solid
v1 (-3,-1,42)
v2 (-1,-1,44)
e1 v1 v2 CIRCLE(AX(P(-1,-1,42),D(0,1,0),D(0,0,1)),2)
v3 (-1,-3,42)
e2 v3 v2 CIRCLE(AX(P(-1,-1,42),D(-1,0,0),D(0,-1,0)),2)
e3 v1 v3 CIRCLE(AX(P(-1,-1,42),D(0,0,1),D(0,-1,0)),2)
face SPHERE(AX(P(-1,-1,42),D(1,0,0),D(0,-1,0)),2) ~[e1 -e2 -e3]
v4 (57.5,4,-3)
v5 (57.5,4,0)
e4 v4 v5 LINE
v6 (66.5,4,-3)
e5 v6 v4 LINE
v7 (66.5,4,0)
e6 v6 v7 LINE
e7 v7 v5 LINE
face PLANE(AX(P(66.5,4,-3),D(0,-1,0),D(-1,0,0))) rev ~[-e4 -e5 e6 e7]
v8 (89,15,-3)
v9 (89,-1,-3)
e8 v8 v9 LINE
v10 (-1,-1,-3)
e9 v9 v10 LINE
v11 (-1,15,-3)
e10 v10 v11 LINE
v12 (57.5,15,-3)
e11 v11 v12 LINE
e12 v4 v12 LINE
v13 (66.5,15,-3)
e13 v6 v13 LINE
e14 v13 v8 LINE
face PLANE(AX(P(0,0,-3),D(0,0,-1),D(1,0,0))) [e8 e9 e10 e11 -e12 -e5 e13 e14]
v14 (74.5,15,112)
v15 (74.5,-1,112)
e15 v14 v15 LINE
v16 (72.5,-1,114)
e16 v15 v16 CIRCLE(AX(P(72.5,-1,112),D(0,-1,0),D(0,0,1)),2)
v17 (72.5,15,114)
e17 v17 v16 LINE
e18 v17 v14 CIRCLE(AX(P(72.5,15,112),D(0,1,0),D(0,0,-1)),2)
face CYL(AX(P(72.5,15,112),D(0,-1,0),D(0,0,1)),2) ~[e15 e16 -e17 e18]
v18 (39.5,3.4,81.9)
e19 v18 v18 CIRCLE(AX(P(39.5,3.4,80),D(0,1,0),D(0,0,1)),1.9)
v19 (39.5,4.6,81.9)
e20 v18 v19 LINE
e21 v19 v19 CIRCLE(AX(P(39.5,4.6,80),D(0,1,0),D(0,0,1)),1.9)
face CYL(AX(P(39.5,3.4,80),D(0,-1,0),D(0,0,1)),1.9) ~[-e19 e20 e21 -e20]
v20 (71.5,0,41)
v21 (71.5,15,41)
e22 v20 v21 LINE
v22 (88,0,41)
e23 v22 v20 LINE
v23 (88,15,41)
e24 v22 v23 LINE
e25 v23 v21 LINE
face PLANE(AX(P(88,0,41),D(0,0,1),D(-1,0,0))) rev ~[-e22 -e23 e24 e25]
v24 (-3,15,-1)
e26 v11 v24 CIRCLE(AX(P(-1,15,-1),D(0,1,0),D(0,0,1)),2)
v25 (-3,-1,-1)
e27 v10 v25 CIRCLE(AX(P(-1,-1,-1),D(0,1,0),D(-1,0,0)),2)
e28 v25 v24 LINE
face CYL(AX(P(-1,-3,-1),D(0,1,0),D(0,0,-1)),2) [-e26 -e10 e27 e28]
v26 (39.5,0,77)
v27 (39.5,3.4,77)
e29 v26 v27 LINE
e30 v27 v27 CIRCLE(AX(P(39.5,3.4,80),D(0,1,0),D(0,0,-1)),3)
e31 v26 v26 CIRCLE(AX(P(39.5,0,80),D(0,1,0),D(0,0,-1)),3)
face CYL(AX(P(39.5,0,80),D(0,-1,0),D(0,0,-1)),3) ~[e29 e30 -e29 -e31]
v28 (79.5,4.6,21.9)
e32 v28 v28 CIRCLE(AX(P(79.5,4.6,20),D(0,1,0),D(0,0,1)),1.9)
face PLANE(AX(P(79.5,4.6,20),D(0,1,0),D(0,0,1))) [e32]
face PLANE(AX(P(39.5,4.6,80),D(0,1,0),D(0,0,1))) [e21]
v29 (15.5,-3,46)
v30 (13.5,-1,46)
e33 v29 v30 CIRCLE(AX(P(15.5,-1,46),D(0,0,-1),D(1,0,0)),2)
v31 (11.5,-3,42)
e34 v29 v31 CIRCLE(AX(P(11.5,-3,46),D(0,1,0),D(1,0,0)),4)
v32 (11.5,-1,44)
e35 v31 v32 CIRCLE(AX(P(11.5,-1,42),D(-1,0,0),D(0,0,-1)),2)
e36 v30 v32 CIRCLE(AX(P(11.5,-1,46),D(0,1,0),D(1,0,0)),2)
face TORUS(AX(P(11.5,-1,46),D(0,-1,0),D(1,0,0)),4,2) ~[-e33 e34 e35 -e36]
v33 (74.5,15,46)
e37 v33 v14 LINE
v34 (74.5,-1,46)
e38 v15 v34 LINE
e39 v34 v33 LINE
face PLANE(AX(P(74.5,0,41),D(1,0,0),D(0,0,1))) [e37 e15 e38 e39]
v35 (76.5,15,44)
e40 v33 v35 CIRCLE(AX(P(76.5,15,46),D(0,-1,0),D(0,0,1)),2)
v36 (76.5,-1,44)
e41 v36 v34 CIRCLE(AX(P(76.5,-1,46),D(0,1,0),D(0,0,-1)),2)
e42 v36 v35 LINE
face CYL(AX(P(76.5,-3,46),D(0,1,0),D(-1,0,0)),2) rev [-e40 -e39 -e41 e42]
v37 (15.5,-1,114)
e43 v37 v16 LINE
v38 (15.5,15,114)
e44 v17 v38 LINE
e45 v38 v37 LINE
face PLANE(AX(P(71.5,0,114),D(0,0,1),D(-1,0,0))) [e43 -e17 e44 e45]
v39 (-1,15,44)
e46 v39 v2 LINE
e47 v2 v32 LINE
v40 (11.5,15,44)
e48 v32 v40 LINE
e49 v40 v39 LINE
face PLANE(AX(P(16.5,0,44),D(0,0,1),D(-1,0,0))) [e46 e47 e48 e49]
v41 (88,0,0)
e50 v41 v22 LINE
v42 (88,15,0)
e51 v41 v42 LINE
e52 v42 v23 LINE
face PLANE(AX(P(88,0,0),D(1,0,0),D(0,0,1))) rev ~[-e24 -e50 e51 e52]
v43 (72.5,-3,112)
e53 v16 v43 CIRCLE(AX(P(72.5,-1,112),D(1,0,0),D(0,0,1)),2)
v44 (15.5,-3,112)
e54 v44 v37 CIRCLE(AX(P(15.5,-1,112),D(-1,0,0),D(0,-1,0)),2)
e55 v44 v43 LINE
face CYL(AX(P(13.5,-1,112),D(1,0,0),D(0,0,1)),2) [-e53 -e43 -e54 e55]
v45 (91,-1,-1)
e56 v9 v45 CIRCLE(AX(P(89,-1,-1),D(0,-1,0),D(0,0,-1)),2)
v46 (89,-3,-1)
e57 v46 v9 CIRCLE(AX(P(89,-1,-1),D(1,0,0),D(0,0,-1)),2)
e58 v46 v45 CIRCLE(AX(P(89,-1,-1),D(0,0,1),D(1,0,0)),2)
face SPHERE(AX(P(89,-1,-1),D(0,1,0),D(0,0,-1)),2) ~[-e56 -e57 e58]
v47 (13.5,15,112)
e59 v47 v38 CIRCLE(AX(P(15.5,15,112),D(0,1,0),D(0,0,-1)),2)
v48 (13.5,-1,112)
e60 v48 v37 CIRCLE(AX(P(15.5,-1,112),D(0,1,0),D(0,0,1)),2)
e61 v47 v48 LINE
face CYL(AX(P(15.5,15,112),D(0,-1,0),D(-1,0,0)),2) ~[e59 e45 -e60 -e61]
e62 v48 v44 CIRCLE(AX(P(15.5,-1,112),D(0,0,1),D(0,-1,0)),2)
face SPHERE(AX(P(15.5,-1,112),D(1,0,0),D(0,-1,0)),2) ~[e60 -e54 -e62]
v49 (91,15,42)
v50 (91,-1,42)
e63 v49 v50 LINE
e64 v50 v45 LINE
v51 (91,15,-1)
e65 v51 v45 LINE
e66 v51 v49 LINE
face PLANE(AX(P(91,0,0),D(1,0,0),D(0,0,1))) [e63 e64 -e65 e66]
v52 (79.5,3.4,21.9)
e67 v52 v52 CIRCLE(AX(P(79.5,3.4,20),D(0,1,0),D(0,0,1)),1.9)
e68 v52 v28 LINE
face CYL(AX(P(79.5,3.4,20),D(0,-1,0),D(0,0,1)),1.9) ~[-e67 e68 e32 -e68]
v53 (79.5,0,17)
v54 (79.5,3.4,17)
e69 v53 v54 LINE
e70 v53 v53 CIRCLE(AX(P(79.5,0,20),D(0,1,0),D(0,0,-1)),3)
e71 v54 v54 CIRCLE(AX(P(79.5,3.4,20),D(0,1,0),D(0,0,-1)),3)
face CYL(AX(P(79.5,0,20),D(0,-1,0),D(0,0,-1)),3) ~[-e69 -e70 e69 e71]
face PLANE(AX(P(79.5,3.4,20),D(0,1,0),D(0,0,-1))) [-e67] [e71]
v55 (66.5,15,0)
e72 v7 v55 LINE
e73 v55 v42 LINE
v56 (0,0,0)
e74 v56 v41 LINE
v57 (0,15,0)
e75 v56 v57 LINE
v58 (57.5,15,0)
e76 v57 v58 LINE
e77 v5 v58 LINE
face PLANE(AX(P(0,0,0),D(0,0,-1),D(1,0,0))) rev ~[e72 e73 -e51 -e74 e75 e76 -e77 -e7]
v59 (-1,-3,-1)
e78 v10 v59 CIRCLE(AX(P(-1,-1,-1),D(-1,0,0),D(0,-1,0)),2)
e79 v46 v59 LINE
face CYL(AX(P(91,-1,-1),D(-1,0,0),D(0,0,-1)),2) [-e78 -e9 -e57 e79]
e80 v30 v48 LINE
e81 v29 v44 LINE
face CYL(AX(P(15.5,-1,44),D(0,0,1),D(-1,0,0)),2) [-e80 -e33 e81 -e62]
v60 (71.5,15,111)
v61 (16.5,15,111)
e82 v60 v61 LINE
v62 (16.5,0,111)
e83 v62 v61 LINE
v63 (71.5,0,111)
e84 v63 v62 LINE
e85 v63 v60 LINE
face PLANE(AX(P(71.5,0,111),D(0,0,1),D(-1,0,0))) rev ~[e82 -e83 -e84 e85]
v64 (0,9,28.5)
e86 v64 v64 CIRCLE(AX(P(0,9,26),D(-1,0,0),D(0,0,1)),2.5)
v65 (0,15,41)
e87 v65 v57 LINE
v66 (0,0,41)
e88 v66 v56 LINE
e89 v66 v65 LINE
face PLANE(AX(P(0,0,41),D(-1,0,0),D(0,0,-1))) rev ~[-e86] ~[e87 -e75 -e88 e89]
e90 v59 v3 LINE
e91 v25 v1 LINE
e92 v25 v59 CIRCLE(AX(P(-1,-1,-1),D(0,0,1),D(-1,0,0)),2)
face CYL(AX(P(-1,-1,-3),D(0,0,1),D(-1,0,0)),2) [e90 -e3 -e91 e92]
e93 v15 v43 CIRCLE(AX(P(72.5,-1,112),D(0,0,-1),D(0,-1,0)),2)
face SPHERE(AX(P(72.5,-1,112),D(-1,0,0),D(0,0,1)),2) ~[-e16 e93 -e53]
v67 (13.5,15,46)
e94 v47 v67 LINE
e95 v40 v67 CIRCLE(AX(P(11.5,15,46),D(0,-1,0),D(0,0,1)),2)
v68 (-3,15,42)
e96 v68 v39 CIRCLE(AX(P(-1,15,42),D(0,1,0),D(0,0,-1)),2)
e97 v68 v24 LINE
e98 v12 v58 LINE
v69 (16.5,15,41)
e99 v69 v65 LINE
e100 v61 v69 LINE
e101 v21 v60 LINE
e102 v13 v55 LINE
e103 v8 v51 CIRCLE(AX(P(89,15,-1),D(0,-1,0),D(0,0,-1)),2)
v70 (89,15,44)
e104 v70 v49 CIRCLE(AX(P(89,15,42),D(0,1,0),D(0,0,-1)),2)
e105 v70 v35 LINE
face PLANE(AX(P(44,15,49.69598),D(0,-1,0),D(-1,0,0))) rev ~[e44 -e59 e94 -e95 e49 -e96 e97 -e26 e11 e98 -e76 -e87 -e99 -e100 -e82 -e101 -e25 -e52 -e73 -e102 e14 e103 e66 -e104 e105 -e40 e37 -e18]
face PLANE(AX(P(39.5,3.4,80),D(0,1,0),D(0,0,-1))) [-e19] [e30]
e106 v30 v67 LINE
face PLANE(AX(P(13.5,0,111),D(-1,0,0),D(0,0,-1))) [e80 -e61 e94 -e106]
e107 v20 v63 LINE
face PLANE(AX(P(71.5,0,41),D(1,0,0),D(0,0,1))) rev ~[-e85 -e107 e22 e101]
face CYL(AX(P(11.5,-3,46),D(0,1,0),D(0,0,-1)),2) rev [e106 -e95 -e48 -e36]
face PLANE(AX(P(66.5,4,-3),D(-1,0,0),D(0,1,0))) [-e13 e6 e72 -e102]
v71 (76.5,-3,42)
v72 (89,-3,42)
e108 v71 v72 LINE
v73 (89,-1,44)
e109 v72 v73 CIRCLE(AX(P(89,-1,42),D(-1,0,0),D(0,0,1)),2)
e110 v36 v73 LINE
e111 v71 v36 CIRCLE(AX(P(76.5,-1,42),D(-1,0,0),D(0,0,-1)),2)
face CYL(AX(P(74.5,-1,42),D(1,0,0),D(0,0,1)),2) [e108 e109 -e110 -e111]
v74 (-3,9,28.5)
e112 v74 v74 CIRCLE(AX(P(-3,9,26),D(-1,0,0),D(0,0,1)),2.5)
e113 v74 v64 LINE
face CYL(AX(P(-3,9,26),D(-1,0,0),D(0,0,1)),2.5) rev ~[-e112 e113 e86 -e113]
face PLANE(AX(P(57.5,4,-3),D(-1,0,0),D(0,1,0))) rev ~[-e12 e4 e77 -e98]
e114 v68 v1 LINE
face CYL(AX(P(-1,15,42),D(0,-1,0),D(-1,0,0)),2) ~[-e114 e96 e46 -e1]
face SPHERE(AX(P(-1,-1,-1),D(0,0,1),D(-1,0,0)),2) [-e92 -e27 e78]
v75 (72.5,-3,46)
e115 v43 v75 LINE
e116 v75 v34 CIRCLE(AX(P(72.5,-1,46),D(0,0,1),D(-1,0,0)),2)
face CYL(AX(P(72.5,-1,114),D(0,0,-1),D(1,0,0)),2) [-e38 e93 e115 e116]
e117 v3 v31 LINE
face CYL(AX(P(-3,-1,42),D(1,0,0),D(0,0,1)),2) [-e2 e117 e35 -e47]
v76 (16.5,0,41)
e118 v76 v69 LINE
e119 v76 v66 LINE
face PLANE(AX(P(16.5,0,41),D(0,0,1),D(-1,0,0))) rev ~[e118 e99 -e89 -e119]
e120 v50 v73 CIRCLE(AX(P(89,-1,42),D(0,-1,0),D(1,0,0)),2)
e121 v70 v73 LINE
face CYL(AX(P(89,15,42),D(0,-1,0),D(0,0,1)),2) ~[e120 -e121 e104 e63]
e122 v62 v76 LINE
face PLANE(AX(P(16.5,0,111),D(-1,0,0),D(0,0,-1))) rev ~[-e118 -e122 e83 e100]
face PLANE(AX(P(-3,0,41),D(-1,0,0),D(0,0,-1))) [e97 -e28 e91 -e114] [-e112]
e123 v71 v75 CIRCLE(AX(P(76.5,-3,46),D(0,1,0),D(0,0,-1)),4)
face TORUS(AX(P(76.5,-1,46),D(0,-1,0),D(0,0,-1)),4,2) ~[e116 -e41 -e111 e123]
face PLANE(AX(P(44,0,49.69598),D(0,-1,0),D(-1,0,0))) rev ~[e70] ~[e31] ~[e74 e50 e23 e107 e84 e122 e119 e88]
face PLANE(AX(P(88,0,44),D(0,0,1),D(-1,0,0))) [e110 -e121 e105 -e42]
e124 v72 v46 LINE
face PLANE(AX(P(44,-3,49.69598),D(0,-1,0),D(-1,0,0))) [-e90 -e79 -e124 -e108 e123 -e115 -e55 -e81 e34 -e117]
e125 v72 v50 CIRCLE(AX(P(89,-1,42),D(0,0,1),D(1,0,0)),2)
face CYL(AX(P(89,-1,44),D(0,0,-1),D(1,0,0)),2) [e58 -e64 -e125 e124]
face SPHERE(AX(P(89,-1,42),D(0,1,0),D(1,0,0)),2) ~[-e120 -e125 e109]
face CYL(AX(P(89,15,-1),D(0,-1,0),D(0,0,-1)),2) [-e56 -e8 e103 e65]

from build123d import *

# Parameters (mm, degrees)
BOSS_EXTRUDE1_DEPTH = 15
SHELL1_T            = 3
SKETCH3_W           = 9
SKETCH3_H           = 11
CUT_EXTRUDE1_DEPTH  = 3
SKETCH4_R           = 2.5
CUT_EXTRUDE2_DEPTH  = 3
FILLET1_R           = 2
SKETCH5_R           = 3
BOSS_EXTRUDE2_DEPTH = 3.4
SKETCH6_R           = 1.9
BOSS_EXTRUDE3_DEPTH = 1.2


with BuildPart() as part:
    # Sketch1 → Boss-Extrude1 (new body)
    with BuildSketch(Plane(origin=(0, 0, 0), x_dir=(1, 0, 0), z_dir=(0, 1, 0))):
        Polygon((0, 0), (88, 0), (88, -41), (71.5, -41), (71.5, -111), (16.5, -111), (16.5, -41), (0, -41), align=None)
    extrude(amount=BOSS_EXTRUDE1_DEPTH)

    # Shell1
    shell1_openings = [part.faces().sort_by_distance(p)[0] for p in [
        (44, 15, 49.150442478),
    ]]
    offset(amount=SHELL1_T, openings=shell1_openings, kind=Kind.INTERSECTION)

    # Sketch3 → Cut-Extrude1 (cut)
    with BuildSketch(Plane(origin=(0, 0, -3), x_dir=(-1, 0, 0), z_dir=(0, 0, -1))):
        with Locations((-62, 9.5)):
            Rectangle(SKETCH3_W, SKETCH3_H)
    extrude(amount=-CUT_EXTRUDE1_DEPTH, mode=Mode.SUBTRACT)

    # Sketch4 → Cut-Extrude2 (cut)
    with BuildSketch(Plane.ZY.offset(3)):
        with Locations((26, 9)):
            Circle(SKETCH4_R)
    extrude(amount=-CUT_EXTRUDE2_DEPTH, mode=Mode.SUBTRACT)

    # Fillet1
    fillet1_edges = [part.edges().sort_by_distance(p)[0] for p in [
        (44, -3, 114),
        (13.5, -3, 79),
        (5.25, -3, 44),
        (-3, -3, 20.5),
        (-3, 6, -3),
        (91, 6, -3),
        (91, 6, 44),
        (74.5, 6, 44),
        (74.5, 6, 114),
        (13.5, 6, 114),
        (13.5, 6, 44),
        (-3, 6, 44),
        (44, -3, -3),
        (91, -3, 20.5),
        (82.75, -3, 44),
        (74.5, -3, 79),
    ]]
    fillet(fillet1_edges, radius=FILLET1_R)

    # Sketch5 → Boss-Extrude2 (add)
    with BuildSketch(Plane(origin=(0, 0, 0), x_dir=(1, 0, 0), z_dir=(0, 1, 0))):
        with Locations(Location((39.5, -80, 0), (0, 0, 90))):
            Circle(SKETCH5_R)
        with Locations(Location((79.5, -20, 0), (0, 0, 90))):
            Circle(SKETCH5_R)
    extrude(amount=BOSS_EXTRUDE2_DEPTH)

    # Sketch6 → Boss-Extrude3 (add)
    with BuildSketch(Plane(origin=(0, 3.4, 0), x_dir=(1, 0, 0), z_dir=(0, 1, 0))):
        with Locations(Location((39.5, -80, 0), (0, 0, 270))):
            Circle(SKETCH6_R)
        with Locations(Location((79.5, -20, 0), (0, 0, 270))):
            Circle(SKETCH6_R)
    extrude(amount=BOSS_EXTRUDE3_DEPTH)


solid = part.part
